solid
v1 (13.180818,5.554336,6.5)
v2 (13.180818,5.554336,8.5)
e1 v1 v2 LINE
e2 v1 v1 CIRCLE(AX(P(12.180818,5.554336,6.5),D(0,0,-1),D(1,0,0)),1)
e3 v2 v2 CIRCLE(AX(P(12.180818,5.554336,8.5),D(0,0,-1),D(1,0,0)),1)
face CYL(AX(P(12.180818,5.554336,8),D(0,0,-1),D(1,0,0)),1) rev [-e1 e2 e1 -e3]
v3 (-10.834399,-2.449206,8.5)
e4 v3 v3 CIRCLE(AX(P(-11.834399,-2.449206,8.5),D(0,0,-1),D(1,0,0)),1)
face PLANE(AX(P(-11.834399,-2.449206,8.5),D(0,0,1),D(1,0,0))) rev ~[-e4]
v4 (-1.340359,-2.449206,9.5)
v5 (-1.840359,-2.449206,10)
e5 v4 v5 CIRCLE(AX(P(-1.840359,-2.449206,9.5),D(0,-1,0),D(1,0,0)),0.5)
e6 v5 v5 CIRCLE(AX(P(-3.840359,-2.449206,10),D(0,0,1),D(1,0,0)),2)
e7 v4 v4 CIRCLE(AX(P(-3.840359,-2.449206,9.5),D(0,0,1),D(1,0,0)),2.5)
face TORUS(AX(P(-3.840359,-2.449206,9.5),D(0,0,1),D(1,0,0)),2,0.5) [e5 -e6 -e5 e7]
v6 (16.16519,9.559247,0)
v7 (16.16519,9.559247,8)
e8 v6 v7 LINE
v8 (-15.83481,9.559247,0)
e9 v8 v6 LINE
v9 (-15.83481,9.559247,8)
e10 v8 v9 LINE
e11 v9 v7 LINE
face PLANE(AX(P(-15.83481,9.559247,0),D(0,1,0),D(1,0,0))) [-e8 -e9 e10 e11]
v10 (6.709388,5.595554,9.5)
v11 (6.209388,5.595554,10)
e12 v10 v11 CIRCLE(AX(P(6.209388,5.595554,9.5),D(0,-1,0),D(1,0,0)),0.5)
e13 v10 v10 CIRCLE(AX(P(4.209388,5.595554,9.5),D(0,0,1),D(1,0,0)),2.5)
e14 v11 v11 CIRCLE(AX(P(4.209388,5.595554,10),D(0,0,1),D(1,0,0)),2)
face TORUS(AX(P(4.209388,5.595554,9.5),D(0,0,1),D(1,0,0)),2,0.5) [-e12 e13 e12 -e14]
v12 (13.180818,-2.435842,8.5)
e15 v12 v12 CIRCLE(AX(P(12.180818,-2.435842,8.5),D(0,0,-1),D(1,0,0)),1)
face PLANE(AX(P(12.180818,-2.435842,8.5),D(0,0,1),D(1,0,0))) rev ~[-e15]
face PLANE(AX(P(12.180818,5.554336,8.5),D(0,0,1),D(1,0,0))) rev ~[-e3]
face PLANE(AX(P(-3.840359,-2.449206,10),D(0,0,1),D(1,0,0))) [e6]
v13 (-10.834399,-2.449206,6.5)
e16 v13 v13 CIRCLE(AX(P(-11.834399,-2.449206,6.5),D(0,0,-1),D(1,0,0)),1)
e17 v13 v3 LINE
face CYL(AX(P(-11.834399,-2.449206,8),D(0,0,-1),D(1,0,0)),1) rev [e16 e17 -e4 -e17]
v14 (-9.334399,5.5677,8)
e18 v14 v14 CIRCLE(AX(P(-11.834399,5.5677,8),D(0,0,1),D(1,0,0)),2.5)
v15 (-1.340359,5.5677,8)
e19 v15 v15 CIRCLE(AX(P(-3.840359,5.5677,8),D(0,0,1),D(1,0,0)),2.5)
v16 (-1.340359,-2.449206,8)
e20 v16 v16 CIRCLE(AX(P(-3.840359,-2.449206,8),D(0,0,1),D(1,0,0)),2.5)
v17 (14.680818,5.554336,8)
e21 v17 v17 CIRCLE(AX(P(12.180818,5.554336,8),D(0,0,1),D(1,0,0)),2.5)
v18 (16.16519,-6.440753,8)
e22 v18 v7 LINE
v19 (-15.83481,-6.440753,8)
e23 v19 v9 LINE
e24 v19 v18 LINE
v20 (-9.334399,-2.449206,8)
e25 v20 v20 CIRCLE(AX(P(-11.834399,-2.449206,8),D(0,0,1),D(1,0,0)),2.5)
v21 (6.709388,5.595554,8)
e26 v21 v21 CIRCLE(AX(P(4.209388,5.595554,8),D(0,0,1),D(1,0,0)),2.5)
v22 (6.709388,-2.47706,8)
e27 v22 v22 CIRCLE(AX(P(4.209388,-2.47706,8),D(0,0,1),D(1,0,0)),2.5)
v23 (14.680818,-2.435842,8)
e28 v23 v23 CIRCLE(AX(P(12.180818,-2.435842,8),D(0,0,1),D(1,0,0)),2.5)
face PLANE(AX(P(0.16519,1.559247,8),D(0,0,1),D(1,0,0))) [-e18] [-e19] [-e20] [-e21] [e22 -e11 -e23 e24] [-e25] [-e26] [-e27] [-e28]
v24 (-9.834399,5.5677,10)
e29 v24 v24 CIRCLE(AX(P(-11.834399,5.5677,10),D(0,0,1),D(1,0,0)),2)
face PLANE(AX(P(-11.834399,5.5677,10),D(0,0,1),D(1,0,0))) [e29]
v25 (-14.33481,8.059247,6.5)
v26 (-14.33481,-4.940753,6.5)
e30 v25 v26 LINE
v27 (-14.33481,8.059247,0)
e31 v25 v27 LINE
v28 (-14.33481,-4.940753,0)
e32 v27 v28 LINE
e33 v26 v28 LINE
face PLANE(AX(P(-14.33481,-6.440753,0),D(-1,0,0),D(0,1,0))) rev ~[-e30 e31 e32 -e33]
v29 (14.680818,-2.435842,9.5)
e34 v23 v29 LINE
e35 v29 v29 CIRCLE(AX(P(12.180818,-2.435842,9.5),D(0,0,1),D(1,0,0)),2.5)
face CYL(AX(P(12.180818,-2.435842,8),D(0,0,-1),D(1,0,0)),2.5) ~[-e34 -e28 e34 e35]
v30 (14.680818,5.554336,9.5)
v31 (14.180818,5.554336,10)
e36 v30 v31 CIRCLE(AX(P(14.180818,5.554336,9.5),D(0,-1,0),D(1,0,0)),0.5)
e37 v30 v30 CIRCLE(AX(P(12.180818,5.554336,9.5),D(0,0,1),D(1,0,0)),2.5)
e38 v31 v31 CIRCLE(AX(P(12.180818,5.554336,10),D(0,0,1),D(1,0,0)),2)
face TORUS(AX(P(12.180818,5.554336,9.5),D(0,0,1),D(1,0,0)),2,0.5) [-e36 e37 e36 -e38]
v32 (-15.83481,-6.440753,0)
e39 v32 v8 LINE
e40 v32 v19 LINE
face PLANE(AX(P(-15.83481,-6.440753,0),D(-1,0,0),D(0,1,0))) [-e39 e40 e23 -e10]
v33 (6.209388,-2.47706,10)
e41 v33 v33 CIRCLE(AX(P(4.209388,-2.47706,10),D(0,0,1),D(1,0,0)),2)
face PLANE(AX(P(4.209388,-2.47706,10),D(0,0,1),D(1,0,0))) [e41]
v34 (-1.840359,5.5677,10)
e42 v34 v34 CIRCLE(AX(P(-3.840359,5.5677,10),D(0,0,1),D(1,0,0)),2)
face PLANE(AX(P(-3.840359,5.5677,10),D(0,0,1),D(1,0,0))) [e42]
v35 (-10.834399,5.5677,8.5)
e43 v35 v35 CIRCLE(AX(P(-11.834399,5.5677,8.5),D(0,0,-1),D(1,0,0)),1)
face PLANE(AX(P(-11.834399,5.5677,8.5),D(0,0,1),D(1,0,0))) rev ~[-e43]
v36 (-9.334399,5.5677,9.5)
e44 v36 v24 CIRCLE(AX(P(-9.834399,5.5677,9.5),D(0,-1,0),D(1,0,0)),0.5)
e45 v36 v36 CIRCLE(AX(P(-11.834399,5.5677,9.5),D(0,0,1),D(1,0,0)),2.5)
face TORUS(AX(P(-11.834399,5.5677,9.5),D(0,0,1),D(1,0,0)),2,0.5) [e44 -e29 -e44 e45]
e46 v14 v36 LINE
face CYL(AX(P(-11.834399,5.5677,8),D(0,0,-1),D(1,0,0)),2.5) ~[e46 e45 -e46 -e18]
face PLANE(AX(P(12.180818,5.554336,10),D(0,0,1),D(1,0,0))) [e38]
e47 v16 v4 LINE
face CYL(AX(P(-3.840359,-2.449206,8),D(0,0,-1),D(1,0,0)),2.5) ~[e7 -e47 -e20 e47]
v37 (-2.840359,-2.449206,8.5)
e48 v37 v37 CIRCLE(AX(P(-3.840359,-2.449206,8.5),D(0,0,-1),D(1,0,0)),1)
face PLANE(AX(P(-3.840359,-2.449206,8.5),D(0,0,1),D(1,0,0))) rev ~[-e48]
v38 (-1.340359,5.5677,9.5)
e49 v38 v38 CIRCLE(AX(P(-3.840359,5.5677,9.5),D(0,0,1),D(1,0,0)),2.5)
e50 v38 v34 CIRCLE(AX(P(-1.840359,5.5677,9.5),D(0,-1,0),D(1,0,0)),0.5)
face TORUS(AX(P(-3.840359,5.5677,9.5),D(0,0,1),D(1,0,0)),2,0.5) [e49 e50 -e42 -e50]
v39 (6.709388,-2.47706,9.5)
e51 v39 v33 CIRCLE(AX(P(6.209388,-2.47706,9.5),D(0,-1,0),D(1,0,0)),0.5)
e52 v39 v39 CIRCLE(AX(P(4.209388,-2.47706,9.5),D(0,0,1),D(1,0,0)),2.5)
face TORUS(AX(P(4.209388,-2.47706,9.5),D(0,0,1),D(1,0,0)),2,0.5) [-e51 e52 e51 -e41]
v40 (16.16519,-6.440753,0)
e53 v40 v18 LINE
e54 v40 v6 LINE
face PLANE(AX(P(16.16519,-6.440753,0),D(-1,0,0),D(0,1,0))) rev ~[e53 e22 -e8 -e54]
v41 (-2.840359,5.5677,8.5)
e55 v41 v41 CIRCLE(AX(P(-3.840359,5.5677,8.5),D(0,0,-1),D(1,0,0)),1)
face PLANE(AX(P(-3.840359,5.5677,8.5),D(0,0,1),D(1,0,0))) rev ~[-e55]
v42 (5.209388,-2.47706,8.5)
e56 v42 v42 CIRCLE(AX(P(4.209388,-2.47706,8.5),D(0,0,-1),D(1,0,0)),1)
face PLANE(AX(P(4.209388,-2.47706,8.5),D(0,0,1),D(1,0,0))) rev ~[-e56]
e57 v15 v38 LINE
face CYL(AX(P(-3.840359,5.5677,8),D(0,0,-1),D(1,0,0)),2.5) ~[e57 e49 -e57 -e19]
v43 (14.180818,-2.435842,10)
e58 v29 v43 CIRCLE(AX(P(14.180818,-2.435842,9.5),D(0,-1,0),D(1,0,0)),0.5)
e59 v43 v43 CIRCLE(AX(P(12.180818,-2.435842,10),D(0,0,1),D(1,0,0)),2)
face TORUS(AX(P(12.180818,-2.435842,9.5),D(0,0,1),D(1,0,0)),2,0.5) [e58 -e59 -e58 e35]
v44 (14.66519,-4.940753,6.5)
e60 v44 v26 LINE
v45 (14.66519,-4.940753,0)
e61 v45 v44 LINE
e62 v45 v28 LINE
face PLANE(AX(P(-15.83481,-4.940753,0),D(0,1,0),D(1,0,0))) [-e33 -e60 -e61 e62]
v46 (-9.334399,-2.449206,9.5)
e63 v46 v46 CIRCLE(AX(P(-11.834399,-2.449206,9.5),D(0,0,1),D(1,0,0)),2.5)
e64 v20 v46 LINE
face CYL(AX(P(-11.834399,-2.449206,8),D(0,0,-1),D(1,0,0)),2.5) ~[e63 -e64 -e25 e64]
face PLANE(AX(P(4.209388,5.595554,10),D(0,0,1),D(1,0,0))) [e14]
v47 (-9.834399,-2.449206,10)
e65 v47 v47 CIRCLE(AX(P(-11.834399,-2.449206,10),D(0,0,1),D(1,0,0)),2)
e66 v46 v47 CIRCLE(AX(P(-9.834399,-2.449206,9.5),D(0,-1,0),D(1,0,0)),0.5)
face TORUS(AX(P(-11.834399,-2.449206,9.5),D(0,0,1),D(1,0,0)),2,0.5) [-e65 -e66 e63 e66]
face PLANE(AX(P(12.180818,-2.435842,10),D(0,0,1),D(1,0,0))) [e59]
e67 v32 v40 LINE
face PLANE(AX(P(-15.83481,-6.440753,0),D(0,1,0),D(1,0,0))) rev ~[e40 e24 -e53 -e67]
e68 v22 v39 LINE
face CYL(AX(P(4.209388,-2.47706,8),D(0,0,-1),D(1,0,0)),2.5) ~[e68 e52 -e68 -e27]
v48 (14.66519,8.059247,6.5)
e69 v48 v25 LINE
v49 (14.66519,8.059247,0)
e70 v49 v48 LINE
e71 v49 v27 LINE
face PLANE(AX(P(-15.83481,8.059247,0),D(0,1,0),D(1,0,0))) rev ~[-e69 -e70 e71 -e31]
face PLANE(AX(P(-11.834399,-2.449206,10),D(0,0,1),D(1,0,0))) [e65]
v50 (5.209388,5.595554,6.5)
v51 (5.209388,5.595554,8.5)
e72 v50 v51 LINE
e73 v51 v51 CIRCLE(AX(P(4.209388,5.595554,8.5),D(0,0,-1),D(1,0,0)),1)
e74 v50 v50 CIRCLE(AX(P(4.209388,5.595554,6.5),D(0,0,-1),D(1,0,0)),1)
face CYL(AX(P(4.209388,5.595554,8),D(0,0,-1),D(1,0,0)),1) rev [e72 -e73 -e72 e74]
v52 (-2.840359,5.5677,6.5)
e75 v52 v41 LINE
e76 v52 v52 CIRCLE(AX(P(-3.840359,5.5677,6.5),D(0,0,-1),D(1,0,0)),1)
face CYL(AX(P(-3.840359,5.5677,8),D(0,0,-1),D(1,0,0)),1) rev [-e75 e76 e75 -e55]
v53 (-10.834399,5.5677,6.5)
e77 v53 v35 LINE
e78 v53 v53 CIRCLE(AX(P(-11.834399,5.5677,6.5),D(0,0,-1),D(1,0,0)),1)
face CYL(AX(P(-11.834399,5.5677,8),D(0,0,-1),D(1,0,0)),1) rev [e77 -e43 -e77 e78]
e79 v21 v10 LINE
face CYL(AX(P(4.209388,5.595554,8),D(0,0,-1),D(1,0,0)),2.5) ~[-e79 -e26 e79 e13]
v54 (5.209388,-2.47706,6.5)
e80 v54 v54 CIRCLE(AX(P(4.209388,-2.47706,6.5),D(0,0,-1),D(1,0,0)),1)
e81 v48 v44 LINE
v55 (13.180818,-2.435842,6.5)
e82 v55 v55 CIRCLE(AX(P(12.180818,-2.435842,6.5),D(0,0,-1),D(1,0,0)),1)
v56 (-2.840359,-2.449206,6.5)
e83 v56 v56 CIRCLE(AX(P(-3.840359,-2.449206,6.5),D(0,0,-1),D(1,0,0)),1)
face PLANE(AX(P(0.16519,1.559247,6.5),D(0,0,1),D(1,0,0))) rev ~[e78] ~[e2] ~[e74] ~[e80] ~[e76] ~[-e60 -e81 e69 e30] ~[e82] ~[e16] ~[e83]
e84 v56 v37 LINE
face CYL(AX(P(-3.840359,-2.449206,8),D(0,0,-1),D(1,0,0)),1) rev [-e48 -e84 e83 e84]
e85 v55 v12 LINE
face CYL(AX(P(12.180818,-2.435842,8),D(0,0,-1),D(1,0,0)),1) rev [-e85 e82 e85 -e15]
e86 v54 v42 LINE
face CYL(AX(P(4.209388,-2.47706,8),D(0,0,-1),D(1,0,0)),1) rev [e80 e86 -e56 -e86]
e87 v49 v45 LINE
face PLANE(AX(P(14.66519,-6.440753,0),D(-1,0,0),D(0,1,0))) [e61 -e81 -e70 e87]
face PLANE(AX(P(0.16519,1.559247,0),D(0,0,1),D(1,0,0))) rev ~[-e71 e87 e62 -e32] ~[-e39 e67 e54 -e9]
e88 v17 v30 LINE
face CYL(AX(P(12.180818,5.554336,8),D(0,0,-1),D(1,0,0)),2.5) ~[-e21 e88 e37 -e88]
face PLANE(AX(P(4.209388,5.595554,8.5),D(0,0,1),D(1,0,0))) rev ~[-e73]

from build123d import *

# Parameters (mm, degrees)
F0_W     = 32
F0_H     = 16
F1_DEPTH = 8
F3_R     = 2.5
F4_DEPTH = 2
F5_R     = 0.5
F6_T     = -1.5


with BuildPart() as f1:
    # F0 (on Top) → F1 (new body)
    with BuildSketch(Plane.XY):
        with Locations((0.1651896084, 1.5592468474)):
            Rectangle(F0_W, F0_H)
    extrude(amount=F1_DEPTH)

    # F3 (on offset) → F4 (join)
    with BuildSketch(Plane.XY.offset(8)):
        with Locations((-11.8343988433, 5.5677001365)):
            Circle(F3_R)
        with Locations((-3.8403593935, 5.5677001365)):
            Circle(F3_R)
        with Locations((4.2093880475, 5.595554132)):
            Circle(F3_R)
        with Locations((12.1808182448, 5.5543361232)):
            Circle(F3_R)
        with Locations((4.2093880475, -2.4770604373)):
            Circle(F3_R)
        with Locations((-3.8403593935, -2.4492064417)):
            Circle(F3_R)
        with Locations((-11.8343988433, -2.4492064417)):
            Circle(F3_R)
        with Locations((12.1808182448, -2.4358424285)):
            Circle(F3_R)
    extrude(amount=F4_DEPTH)

    # F5
    f5_edges = [f1.edges().sort_by_distance(p)[0] for p in [
        (9.680818, 5.554336, 10),
        (1.709388, 5.595554, 10),
        (-6.340359, 5.5677, 10),
        (-14.334399, 5.5677, 10),
        (-14.334399, -2.449206, 10),
        (-6.340359, -2.449206, 10),
        (1.709388, -2.47706, 10),
        (9.680818, -2.435842, 10),
    ]]
    fillet(f5_edges, radius=F5_R)

    # F6
    f6_openings = [f1.faces().sort_by_distance(p)[0] for p in [
        (0.16519, 1.559247, 0),
    ]]
    offset(amount=F6_T, openings=f6_openings, kind=Kind.INTERSECTION)


solid = f1.part
